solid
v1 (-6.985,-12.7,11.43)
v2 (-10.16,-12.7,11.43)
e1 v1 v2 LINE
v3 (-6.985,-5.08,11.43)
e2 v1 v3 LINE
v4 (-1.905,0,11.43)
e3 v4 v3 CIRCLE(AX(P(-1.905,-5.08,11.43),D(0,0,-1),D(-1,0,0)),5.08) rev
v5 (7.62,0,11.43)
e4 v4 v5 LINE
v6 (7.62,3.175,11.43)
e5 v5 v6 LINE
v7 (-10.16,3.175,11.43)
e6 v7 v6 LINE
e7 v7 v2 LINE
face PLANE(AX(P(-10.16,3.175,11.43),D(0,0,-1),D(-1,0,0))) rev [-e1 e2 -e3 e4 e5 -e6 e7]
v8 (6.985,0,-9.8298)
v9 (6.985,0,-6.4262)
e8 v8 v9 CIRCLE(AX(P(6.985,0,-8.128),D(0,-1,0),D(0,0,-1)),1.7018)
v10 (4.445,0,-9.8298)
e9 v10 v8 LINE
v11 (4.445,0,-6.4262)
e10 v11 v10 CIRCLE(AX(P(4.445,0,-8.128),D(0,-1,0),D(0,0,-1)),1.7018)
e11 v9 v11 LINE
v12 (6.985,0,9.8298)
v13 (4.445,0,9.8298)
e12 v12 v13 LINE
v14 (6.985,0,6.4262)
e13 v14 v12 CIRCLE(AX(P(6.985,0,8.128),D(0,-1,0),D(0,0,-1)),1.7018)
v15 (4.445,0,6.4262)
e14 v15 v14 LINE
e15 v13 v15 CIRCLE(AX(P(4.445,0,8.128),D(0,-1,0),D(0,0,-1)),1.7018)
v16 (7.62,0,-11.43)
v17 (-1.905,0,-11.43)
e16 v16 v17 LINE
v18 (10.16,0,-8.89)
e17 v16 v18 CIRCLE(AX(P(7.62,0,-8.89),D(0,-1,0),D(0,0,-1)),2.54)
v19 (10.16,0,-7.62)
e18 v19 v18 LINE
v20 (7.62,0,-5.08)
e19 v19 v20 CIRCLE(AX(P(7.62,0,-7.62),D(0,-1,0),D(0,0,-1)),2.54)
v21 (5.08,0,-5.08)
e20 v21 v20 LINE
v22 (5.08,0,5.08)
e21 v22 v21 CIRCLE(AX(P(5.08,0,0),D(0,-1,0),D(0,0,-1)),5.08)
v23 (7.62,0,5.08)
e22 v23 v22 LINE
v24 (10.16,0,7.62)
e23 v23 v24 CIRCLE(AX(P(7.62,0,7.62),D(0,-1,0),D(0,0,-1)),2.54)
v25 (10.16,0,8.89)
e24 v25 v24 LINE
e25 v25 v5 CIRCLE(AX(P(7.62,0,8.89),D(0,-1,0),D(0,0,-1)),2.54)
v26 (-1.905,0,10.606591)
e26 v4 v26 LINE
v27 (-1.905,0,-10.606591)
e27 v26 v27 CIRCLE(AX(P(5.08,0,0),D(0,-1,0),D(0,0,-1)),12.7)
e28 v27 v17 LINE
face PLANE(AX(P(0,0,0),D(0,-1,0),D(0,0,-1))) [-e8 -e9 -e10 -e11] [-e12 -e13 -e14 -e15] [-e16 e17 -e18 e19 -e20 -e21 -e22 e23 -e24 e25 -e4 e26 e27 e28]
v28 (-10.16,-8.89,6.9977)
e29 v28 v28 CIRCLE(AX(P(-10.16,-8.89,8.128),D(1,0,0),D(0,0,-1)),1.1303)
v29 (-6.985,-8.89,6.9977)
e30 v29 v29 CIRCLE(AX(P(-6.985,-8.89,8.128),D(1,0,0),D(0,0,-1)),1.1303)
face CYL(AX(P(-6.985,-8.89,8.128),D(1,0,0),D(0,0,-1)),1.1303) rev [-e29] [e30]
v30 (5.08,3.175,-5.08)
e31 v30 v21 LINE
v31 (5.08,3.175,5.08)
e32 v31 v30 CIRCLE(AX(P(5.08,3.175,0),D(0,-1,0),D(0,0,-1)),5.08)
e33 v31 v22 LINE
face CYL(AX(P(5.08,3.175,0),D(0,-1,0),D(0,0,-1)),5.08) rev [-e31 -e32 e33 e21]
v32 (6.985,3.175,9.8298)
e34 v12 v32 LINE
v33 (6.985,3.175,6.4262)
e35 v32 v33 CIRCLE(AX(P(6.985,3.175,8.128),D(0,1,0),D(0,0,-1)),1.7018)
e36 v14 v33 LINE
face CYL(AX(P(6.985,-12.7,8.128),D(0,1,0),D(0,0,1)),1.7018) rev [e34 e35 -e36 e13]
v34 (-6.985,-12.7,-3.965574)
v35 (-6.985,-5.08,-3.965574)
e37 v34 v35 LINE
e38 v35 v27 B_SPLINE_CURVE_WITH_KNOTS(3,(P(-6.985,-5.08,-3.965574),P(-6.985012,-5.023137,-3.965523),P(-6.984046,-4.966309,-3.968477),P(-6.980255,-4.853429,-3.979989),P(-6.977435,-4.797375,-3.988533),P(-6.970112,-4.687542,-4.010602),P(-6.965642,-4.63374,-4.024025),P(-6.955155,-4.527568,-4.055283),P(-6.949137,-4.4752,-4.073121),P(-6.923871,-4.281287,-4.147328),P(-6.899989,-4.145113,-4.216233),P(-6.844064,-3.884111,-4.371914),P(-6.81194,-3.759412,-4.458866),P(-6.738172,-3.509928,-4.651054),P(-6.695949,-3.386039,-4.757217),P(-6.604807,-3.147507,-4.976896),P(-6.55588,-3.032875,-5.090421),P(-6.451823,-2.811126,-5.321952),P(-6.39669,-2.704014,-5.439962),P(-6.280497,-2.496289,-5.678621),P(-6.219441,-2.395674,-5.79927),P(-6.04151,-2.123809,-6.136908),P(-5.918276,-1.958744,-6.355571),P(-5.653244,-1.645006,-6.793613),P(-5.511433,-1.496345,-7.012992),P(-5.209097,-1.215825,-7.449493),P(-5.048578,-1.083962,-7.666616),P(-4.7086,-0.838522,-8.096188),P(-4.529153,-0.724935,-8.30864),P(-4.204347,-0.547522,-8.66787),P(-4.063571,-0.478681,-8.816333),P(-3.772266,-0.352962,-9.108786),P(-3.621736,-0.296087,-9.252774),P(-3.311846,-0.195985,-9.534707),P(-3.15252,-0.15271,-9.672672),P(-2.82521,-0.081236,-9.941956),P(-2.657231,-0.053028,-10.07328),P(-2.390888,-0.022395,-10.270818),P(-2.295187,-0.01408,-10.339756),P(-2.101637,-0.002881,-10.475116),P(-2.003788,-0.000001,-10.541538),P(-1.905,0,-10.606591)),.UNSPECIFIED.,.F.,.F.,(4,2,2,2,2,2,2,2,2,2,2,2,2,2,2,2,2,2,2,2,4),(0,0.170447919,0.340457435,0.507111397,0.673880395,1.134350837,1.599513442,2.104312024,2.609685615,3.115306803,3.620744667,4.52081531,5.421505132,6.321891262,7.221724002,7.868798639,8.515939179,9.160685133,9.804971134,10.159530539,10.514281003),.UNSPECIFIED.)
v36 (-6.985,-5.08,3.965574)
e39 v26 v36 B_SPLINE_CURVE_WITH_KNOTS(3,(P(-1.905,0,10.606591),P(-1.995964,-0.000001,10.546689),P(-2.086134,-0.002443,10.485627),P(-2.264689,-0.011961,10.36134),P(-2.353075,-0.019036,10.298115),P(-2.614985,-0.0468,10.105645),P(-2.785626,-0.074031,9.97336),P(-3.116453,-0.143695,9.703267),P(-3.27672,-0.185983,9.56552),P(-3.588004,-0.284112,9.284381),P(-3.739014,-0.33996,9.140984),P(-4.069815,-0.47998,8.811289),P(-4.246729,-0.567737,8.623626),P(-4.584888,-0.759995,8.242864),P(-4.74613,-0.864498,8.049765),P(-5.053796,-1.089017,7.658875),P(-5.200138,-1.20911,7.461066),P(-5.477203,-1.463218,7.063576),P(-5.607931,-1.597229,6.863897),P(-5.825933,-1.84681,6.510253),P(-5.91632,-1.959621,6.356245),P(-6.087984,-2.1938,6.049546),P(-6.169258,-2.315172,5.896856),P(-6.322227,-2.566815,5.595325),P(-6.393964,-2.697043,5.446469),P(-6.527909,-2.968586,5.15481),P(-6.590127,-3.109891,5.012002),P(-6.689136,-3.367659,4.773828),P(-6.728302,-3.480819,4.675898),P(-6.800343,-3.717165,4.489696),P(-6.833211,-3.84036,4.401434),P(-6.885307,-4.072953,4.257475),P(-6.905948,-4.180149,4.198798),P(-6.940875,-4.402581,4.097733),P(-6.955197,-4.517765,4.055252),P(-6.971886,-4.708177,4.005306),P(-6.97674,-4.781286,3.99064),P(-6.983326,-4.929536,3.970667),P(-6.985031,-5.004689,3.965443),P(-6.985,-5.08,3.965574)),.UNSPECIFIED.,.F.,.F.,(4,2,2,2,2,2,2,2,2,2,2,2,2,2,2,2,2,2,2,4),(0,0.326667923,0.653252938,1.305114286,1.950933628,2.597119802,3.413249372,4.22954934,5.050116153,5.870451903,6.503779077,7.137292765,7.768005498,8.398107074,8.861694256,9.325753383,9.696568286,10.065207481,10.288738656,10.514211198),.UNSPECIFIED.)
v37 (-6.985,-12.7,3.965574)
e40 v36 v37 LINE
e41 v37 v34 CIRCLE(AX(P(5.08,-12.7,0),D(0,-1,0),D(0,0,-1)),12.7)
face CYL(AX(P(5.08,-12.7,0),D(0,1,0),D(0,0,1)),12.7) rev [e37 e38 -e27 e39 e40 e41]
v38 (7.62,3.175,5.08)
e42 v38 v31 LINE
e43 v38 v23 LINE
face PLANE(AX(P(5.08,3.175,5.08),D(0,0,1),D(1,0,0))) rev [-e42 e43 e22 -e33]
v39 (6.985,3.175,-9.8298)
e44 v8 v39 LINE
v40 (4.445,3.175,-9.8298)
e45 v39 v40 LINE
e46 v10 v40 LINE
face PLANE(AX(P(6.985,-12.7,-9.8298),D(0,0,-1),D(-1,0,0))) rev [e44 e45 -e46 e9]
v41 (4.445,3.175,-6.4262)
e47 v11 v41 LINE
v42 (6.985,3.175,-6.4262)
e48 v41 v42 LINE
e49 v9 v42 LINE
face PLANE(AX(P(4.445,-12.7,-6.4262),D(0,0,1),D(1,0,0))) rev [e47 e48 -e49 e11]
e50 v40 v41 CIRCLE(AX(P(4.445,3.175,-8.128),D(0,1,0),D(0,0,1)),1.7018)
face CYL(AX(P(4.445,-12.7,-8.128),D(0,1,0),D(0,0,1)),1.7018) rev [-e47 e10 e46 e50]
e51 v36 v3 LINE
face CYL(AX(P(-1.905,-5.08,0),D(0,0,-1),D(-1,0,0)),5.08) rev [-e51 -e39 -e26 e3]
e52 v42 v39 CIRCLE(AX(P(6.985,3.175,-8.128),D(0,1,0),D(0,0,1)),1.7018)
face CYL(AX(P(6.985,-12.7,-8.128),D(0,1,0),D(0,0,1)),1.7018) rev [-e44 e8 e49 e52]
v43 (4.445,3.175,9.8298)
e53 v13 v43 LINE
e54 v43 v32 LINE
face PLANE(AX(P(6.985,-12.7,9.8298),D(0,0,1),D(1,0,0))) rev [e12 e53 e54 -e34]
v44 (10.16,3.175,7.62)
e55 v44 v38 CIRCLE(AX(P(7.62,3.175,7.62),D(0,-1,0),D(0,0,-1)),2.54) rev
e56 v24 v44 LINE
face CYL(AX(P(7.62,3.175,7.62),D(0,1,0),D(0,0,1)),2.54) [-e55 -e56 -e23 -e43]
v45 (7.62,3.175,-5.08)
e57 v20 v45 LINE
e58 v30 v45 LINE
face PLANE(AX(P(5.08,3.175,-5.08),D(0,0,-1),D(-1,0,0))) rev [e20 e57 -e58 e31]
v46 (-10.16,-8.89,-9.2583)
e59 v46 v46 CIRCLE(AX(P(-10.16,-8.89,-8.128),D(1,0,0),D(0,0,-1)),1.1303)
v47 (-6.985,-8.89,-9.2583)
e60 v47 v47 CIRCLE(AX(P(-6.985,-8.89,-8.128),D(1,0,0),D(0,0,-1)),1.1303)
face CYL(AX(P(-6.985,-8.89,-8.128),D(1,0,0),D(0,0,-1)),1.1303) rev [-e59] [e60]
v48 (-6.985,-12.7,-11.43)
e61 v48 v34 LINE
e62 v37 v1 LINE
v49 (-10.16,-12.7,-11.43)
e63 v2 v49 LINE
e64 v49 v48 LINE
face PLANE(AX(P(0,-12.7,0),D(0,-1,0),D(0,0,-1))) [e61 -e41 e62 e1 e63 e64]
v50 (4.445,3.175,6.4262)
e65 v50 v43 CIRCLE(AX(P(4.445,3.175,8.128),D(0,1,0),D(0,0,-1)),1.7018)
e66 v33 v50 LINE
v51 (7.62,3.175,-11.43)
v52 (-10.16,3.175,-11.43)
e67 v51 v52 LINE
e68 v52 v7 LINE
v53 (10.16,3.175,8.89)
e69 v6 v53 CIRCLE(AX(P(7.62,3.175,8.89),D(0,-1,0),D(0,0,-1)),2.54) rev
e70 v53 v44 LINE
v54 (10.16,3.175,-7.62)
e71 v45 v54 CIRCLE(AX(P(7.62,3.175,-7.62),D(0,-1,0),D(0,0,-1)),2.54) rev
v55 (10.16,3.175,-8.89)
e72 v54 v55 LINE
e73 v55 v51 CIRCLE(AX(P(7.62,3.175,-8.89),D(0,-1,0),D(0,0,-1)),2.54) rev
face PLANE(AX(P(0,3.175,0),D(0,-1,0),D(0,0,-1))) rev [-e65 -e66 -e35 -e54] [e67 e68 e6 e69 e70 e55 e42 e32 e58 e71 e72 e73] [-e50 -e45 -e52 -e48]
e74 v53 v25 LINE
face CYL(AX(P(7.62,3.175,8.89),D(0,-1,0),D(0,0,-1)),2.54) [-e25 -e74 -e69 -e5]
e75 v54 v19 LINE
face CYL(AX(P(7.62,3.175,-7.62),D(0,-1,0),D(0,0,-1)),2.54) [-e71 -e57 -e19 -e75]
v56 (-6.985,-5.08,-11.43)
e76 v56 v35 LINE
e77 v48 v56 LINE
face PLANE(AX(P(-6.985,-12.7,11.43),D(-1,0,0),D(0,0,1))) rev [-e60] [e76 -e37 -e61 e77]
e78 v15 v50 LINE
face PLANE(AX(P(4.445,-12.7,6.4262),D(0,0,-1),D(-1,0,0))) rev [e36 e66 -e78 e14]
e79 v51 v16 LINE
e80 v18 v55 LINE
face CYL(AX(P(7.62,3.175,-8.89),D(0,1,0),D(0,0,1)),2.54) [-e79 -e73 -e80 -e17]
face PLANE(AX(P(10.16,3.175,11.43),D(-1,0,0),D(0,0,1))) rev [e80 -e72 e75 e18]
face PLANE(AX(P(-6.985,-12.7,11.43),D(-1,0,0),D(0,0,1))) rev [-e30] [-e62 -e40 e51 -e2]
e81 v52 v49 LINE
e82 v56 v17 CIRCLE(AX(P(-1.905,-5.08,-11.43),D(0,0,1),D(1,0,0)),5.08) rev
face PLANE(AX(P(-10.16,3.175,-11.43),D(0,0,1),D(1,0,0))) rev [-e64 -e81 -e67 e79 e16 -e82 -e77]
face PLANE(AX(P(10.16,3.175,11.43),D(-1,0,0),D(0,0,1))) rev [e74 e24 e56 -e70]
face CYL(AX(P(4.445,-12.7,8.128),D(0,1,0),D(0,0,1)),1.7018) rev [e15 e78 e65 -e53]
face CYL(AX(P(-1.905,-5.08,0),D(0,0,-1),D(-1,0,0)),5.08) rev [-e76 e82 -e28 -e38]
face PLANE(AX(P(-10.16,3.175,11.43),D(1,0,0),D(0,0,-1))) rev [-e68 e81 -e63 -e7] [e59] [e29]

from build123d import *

# Parameters (mm, degrees)
SKETCH1_W             = 20.32
SKETCH1_H             = 22.86
BOSS_EXTRUDE1_DEPTH   = 3.175
FILLET1_R             = 2.54
FILLET2_R             = 2.54
CUT_EXTRUDE2_DEPTH    = 4.175
FILLET3_R             = 2.54
FILLET4_R             = 2.54
SKETCH4_W             = 3.175
SKETCH4_H             = 22.86
BOSS_EXTRUDE2_DEPTH   = 12.7
FILLET6_R             = 5.08
SKETCH5_R             = 12.7
CUT_EXTRUDE4_DEPTH    = 13.7
F_4_40_TAPPED_HOLE3_D = 2.2606
CUT_EXTRUDE6_DEPTH    = 16.8750001


with BuildPart() as part:
    # Sketch1 → Boss-Extrude1 (new body)
    with BuildSketch(Plane(origin=(0, 0, 0), x_dir=(1, 0, 0), z_dir=(0, 1, 0))):
        Rectangle(SKETCH1_W, SKETCH1_H)
    extrude(amount=BOSS_EXTRUDE1_DEPTH)

    # Fillet1
    fillet1_edges = [part.edges().sort_by_distance(p)[0] for p in [
        (10.16, 1.5875, -11.43),
    ]]
    fillet(fillet1_edges, radius=FILLET1_R)

    # Fillet2
    fillet2_edges = [part.edges().sort_by_distance(p)[0] for p in [
        (10.16, 1.5875, 11.43),
    ]]
    fillet(fillet2_edges, radius=FILLET2_R)

    # Sketch2 → Cut-Extrude2 (cut, through all)
    with BuildSketch(Plane.XZ):
        with BuildLine():
            Line((5.08, -5.08), (10.16, -5.08))
            Line((10.16, -5.08), (10.16, 5.08))
            Line((10.16, 5.08), (5.08, 5.08))
            ThreePointArc((5.08, 5.08), (0, 0), (5.08, -5.08))
        make_face()
    extrude(amount=-CUT_EXTRUDE2_DEPTH, mode=Mode.SUBTRACT)

    # Fillet3
    fillet3_edges = [part.edges().sort_by_distance(p)[0] for p in [
        (10.16, 1.5875, 5.08),
    ]]
    fillet(fillet3_edges, radius=FILLET3_R)

    # Fillet4
    fillet4_edges = [part.edges().sort_by_distance(p)[0] for p in [
        (10.16, 1.5875, -5.08),
    ]]
    fillet(fillet4_edges, radius=FILLET4_R)

    # Sketch4 → Boss-Extrude2 (add)
    with BuildSketch(Plane.XZ):
        with Locations((-8.5725, 0)):
            Rectangle(SKETCH4_W, SKETCH4_H)
    extrude(amount=BOSS_EXTRUDE2_DEPTH)

    # Fillet6
    fillet6_edges = [part.edges().sort_by_distance(p)[0] for p in [
        (-6.985, 0, 0),
    ]]
    fillet(fillet6_edges, radius=FILLET6_R)

    # Sketch5 → Cut-Extrude4 (cut, through all)
    with BuildSketch(Plane.XZ):
        with Locations((5.08, 0)):
            Circle(SKETCH5_R)
    extrude(amount=CUT_EXTRUDE4_DEPTH, mode=Mode.SUBTRACT)

    # #4-40 Tapped Hole3 (through all)
    with Locations(Plane(origin=(-6.985, 0, 0), x_dir=(0, 0, -1), z_dir=(1, 0, 0))):
        with Locations((-8.128, -8.89), (8.128, -8.89)):
            Hole(F_4_40_TAPPED_HOLE3_D / 2)

    # Sketch11 → Cut-Extrude6 (cut, through all)
    with BuildSketch(Plane(origin=(0, 3.175, 0), x_dir=(1, 0, 0), z_dir=(0, 1, 0))):
        with BuildLine():
            Line((6.985, 9.8298), (4.445, 9.8298))
            ThreePointArc((4.445, 9.8298), (2.7432, 8.128), (4.445, 6.4262))
            Line((4.445, 6.4262), (6.985, 6.4262))
            ThreePointArc((6.985, 6.4262), (8.6868, 8.128), (6.985, 9.8298))
        make_face()
        with BuildLine():
            Line((4.445, -6.4262), (6.985, -6.4262))
            ThreePointArc((6.985, -6.4262), (8.6868, -8.128), (6.985, -9.8298))
            Line((6.985, -9.8298), (4.445, -9.8298))
            ThreePointArc((4.445, -9.8298), (2.7432, -8.128), (4.445, -6.4262))
        make_face()
    extrude(amount=-CUT_EXTRUDE6_DEPTH, mode=Mode.SUBTRACT)


solid = part.part
